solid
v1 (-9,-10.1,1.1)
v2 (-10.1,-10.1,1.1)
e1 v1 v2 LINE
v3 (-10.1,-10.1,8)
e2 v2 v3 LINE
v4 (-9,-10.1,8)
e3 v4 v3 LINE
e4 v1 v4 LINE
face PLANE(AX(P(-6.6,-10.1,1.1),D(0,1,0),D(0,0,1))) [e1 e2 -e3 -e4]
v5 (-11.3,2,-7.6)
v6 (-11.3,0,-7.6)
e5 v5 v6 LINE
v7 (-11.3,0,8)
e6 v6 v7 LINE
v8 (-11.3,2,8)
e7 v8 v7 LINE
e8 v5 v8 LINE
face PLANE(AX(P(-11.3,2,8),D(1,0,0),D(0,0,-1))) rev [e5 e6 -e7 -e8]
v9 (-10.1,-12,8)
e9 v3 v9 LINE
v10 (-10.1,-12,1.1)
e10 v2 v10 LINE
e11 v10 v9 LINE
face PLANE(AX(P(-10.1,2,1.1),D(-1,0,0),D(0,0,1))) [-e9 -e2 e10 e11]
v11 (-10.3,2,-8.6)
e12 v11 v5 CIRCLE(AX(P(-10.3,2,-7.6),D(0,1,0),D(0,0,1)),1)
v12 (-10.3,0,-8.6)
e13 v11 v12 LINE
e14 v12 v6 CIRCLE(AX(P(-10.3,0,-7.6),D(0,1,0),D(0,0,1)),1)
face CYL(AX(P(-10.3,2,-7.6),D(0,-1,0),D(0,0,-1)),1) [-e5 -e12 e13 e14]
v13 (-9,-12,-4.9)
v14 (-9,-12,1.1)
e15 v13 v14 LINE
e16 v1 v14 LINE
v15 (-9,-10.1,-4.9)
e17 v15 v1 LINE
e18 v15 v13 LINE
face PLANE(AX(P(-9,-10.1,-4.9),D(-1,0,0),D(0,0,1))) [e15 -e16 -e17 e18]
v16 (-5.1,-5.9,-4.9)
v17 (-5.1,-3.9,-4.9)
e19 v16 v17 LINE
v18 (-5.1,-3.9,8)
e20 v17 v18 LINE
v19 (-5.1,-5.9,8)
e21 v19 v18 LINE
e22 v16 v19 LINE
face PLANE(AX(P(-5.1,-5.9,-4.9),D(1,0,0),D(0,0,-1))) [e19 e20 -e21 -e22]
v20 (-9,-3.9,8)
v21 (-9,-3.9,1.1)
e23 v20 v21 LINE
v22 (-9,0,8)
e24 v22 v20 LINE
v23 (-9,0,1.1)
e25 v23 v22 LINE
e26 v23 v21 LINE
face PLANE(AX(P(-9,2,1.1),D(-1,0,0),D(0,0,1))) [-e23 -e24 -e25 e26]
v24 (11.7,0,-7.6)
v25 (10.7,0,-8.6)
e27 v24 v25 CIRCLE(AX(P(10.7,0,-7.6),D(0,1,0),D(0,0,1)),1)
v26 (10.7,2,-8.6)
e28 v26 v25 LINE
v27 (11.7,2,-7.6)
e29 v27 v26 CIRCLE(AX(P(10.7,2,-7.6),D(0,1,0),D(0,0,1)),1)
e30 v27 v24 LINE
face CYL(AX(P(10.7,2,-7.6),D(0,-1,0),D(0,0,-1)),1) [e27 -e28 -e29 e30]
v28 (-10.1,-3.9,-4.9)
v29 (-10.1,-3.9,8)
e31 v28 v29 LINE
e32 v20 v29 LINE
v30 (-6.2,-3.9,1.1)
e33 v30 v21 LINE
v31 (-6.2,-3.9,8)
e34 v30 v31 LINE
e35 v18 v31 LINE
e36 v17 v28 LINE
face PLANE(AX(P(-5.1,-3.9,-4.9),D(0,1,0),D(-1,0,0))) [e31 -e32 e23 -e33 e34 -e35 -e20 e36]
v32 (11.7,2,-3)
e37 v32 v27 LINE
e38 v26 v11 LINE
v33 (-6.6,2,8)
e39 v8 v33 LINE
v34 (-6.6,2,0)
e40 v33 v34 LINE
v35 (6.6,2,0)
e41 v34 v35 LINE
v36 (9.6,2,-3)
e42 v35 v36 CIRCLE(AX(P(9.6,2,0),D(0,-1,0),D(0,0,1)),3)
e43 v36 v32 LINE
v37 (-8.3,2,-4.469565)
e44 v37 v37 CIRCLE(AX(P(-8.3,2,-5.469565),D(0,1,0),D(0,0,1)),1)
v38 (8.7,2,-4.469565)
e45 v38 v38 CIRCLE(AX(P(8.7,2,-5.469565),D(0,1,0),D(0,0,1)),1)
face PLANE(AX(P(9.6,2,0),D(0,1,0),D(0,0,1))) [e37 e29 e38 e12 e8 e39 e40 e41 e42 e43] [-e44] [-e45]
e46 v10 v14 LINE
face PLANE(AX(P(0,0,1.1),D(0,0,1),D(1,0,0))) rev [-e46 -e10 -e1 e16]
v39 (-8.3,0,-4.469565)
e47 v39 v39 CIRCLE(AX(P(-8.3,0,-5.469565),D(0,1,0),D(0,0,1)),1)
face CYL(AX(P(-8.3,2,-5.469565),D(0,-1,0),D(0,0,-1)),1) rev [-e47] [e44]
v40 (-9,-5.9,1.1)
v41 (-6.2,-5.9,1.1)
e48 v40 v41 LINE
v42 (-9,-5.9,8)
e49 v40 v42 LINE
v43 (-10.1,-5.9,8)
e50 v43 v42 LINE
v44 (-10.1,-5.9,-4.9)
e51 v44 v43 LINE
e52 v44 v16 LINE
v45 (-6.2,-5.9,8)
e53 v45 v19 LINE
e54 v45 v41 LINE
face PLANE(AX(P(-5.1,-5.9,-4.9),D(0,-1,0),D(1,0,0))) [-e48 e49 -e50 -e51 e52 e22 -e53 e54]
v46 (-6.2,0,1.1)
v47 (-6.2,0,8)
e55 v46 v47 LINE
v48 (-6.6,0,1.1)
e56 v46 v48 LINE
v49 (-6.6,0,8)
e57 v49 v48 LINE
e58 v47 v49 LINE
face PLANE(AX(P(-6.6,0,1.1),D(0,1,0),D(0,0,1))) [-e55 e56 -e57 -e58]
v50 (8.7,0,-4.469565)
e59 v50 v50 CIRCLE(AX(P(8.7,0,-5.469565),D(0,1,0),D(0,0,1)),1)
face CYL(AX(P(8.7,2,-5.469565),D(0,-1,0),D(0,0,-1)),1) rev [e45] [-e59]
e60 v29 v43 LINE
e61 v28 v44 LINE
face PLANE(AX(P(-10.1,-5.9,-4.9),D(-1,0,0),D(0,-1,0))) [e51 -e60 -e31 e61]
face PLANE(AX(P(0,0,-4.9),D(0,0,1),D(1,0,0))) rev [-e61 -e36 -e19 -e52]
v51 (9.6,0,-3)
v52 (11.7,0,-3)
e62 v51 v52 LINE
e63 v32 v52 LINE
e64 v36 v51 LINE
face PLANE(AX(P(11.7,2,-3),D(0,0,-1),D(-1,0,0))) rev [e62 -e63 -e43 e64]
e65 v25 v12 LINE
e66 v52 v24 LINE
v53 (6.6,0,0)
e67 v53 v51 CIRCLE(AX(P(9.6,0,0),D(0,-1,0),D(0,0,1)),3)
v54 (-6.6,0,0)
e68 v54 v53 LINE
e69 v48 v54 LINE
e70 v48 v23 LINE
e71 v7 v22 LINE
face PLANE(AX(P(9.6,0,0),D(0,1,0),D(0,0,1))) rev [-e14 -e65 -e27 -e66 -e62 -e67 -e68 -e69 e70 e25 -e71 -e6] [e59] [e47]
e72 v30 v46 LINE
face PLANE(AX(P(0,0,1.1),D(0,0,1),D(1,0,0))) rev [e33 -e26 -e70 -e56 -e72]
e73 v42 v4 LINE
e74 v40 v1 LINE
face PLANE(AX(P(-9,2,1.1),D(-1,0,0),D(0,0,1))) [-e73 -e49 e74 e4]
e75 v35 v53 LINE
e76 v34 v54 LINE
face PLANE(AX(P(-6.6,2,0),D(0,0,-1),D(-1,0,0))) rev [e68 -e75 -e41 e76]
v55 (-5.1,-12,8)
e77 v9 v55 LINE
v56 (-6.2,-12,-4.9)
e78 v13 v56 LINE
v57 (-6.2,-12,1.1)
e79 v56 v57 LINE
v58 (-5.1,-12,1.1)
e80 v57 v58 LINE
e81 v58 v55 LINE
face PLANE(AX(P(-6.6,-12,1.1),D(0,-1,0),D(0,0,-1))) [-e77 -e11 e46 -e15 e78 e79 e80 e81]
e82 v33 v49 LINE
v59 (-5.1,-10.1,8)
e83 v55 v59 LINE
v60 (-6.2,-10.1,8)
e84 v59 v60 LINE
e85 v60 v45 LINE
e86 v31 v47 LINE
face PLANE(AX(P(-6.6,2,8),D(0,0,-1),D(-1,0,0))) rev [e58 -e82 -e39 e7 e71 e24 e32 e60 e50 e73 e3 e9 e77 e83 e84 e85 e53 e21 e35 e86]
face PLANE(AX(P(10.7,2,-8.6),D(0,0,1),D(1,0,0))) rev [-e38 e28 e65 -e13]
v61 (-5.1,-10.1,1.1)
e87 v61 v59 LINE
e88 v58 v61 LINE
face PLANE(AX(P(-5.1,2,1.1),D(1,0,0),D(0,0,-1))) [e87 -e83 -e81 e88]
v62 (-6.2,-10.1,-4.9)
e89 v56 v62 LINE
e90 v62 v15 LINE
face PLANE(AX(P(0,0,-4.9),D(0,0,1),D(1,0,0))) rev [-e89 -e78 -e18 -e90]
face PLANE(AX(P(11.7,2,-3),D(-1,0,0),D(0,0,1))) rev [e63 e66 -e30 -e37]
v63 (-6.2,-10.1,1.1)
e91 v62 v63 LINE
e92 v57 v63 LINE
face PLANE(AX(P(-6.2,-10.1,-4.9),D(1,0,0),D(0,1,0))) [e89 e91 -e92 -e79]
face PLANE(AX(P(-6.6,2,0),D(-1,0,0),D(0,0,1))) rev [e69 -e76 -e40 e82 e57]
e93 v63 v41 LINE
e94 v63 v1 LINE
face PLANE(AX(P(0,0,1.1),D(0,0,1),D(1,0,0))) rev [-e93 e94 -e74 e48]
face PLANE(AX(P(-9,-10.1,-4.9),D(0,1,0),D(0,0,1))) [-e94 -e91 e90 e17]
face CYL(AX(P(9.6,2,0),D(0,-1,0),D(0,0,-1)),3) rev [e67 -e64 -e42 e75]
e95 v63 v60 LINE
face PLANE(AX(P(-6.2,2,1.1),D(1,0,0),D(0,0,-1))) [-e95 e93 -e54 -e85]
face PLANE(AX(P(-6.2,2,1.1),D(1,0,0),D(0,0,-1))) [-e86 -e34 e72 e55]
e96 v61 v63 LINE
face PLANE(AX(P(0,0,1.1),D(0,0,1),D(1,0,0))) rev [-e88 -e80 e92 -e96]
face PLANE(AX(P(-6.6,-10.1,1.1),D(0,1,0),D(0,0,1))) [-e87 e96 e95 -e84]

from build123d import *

# Parameters (mm, degrees)
SKETCH1_R           = 1
BOSS_EXTRUDE1_DEPTH = 2
BOSS_EXTRUDE2_START = 8
BOSS_EXTRUDE2_DEPTH = 6.9
SKETCH3_W           = 2.8
SKETCH3_H           = 1.9
SKETCH3_W_2         = 5
SKETCH3_H_2         = 2
BOSS_EXTRUDE3_DEPTH = 12.9


with BuildPart() as part:
    # Sketch1 → Boss-Extrude1 (new body)
    with BuildSketch(Plane(origin=(0, 0, 0), x_dir=(1, 0, 0), z_dir=(0, 1, 0))):
        with BuildLine():
            Line((11.7, 3), (11.7, 7.6))
            ThreePointArc((11.7, 7.6), (11.407106781, 8.307106781), (10.7, 8.6))
            Line((10.7, 8.6), (-10.3, 8.6))
            ThreePointArc((-10.3, 8.6), (-11.007106781, 8.307106781), (-11.3, 7.6))
            Line((-11.3, 7.6), (-11.3, -8))
            Line((-11.3, -8), (-6.6, -8))
            Line((-6.6, -8), (-6.6, 0))
            Line((-6.6, 0), (6.6, 0))
            ThreePointArc((6.6, 0), (7.478679656, 2.121320344), (9.6, 3))
            Line((9.6, 3), (11.7, 3))
        make_face()
        with Locations((8.7, 5.469565217)):
            Circle(SKETCH1_R, mode=Mode.SUBTRACT)
        with Locations((-8.3, 5.469565217)):
            Circle(SKETCH1_R, mode=Mode.SUBTRACT)
    extrude(amount=BOSS_EXTRUDE1_DEPTH)

    # Sketch2 → Boss-Extrude2 (add)
    with BuildSketch(Plane.XY.offset(BOSS_EXTRUDE2_START)):
        Polygon((-9, -10.1), (-9, 0), (-6.2, 0), (-6.2, -10.1), (-5.1, -10.1), (-5.1, -12), (-10.1, -12), (-10.1, -10.1), align=None)
    extrude(amount=-BOSS_EXTRUDE2_DEPTH)

    # Sketch3 → Boss-Extrude3 (add)
    with BuildSketch(Plane.XY.offset(8)):
        with Locations((-7.6, -11.05)):
            Rectangle(SKETCH3_W, SKETCH3_H)
        with Locations((-7.6, -4.9)):
            Rectangle(SKETCH3_W_2, SKETCH3_H_2)
    extrude(amount=-BOSS_EXTRUDE3_DEPTH)


solid = part.part
